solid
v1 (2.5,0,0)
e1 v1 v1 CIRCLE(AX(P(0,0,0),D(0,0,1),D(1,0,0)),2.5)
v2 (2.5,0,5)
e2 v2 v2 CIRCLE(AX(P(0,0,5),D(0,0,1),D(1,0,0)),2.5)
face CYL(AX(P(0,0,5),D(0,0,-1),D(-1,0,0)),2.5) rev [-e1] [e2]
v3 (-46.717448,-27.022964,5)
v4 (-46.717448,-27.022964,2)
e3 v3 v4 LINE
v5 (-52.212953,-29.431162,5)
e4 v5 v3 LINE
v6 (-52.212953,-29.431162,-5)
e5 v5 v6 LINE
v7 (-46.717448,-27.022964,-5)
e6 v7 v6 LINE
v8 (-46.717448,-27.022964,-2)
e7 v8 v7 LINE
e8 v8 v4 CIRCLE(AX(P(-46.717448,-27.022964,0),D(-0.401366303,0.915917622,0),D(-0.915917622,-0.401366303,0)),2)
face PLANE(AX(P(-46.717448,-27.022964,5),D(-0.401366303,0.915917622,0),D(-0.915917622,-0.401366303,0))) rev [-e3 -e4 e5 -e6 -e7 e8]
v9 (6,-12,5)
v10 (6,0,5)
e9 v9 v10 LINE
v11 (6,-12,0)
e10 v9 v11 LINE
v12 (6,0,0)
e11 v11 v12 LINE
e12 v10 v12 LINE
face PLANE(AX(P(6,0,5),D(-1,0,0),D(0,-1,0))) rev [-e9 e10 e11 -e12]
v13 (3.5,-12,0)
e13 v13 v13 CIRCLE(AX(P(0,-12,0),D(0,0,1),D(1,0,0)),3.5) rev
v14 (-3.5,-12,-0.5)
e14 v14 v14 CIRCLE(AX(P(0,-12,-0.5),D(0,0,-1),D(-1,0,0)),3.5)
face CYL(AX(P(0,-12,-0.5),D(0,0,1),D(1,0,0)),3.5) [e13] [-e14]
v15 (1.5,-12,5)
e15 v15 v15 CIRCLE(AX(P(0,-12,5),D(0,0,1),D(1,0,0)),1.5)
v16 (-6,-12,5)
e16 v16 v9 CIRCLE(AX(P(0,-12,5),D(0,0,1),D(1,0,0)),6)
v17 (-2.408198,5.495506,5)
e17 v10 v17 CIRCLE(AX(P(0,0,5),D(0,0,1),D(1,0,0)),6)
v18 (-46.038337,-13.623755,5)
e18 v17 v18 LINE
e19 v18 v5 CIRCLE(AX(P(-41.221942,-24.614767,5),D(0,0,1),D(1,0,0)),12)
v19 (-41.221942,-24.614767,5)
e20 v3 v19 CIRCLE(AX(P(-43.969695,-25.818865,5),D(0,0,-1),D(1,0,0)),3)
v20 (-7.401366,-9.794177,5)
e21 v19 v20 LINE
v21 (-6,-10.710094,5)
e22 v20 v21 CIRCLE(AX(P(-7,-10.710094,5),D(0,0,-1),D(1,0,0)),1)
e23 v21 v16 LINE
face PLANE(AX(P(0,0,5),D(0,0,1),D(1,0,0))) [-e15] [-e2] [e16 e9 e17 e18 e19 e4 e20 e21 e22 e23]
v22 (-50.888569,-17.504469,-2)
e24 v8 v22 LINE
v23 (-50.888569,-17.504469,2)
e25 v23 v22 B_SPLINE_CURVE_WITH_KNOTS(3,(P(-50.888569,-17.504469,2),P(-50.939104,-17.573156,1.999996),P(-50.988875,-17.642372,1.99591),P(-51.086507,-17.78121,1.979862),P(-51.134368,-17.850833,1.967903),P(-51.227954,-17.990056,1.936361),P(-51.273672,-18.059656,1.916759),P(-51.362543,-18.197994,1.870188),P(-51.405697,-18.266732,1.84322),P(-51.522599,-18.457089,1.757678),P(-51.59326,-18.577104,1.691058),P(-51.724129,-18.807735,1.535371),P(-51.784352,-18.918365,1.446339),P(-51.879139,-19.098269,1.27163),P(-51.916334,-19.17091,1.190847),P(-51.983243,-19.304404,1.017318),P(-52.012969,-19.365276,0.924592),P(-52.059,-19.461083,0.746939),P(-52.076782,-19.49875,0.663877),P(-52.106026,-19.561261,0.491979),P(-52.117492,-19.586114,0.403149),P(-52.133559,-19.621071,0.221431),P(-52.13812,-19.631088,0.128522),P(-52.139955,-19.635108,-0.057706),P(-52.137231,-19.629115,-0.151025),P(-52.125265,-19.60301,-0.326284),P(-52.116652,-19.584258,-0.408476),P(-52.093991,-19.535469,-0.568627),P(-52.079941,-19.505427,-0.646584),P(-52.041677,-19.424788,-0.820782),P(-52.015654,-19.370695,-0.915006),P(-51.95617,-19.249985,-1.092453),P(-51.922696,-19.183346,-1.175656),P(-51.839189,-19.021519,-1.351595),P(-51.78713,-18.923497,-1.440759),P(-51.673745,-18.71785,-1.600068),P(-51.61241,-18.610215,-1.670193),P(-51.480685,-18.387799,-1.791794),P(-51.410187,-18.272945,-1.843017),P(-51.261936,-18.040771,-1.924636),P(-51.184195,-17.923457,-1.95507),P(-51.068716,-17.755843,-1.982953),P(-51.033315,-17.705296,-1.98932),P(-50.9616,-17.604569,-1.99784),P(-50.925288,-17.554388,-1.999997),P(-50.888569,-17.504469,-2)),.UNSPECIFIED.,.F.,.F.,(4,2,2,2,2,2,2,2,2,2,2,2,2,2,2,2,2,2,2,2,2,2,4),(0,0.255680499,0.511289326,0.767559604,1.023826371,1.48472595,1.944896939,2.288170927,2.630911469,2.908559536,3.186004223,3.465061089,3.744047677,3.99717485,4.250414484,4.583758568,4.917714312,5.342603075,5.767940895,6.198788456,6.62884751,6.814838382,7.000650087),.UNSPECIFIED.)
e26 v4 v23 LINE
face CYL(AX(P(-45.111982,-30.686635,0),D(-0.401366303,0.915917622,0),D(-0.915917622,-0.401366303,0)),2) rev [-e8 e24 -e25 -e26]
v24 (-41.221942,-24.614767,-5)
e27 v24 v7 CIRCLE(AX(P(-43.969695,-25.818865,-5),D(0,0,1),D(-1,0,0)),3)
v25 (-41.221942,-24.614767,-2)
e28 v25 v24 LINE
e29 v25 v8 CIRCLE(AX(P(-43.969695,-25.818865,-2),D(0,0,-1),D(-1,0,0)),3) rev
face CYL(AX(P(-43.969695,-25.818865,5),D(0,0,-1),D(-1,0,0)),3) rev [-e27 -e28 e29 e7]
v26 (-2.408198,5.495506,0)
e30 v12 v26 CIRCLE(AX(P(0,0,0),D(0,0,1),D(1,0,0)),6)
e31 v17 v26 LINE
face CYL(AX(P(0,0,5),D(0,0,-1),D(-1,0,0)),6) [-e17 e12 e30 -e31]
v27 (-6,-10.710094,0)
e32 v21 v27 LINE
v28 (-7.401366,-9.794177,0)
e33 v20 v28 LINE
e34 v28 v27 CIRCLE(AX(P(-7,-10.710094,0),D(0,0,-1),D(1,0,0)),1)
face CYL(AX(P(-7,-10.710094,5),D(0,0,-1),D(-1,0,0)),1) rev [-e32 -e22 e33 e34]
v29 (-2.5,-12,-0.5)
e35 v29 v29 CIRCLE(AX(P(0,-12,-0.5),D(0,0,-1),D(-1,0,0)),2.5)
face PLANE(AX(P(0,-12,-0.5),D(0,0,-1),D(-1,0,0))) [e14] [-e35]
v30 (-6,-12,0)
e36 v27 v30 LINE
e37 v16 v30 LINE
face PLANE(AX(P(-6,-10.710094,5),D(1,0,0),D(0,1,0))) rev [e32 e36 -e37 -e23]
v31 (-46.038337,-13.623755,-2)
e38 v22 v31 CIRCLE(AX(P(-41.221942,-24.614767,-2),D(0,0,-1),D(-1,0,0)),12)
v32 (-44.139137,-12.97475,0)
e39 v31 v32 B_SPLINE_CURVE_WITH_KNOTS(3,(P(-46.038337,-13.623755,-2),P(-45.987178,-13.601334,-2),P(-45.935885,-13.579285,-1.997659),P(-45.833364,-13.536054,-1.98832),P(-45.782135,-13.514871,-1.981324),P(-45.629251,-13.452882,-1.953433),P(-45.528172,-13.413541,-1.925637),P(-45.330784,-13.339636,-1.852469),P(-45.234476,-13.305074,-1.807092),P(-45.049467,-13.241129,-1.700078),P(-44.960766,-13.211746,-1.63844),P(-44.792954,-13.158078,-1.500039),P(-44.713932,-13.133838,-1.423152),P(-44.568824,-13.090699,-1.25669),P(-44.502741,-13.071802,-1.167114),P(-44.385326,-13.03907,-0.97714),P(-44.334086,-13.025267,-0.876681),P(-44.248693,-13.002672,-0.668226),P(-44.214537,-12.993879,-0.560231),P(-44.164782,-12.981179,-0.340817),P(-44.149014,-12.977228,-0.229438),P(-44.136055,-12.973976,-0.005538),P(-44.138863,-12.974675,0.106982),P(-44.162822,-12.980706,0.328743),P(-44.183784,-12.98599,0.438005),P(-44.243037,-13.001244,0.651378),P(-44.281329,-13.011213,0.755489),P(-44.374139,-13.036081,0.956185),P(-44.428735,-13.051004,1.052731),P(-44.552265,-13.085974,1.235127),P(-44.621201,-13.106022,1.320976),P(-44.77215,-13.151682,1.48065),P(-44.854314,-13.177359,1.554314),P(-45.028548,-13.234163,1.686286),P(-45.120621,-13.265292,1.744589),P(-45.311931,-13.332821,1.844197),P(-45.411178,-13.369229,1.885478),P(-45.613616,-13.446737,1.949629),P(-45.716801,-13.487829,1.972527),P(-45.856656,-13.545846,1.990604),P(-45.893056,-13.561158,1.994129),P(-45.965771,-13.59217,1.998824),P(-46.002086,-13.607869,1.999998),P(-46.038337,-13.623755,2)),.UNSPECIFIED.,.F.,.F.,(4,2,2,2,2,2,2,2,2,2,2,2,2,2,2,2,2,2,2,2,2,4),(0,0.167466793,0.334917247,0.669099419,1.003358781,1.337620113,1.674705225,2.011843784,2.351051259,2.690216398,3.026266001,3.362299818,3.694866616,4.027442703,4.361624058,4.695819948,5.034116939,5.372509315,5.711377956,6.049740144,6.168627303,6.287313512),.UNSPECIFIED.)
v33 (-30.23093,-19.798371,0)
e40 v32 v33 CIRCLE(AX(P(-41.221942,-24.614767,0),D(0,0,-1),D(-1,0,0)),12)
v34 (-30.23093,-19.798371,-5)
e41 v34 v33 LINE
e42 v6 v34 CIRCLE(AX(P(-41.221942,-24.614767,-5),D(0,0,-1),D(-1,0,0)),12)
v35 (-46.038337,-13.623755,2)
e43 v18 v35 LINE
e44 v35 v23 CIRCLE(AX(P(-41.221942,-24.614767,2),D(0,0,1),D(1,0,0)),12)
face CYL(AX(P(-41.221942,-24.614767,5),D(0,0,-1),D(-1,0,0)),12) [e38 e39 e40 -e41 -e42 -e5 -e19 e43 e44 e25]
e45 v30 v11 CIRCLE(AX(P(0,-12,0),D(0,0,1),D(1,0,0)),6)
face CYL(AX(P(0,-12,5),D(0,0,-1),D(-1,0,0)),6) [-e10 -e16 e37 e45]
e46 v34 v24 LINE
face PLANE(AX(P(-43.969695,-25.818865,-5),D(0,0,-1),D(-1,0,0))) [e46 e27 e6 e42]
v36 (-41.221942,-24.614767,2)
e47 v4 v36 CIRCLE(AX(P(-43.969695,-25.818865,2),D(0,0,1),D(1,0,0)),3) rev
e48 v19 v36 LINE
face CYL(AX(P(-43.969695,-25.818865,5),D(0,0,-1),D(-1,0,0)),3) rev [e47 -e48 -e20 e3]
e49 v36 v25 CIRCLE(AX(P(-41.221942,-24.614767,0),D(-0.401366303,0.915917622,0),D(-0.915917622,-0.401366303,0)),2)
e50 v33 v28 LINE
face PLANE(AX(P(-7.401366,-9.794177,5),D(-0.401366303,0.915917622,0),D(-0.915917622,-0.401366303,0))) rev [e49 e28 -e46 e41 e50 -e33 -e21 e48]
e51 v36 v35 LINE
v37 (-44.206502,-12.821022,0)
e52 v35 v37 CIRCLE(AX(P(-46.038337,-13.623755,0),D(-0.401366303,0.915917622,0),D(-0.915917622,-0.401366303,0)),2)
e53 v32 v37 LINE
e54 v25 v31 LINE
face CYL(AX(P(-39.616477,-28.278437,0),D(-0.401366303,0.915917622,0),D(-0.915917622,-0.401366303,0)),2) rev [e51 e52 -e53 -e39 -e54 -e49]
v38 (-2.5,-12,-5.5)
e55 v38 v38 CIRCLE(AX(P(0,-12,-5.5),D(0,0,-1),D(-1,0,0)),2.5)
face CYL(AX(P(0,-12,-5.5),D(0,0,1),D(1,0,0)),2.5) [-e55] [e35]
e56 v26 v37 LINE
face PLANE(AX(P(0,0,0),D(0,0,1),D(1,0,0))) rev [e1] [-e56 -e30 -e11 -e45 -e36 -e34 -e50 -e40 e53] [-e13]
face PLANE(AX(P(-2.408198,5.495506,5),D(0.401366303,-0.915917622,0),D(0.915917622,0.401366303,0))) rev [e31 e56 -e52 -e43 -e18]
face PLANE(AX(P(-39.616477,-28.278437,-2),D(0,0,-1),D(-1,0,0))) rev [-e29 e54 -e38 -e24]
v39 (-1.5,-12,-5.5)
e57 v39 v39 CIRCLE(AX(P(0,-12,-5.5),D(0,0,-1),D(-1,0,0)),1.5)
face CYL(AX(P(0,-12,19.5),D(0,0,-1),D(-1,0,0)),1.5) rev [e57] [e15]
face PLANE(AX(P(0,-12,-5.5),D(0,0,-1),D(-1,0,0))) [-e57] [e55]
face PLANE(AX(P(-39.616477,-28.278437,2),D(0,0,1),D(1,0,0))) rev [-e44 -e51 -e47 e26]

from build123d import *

# Parameters (mm, degrees)
ESBO_O7_R                = 2.5
RESSALTO_EXTRUS_O1_DEPTH = 5
ESBO_O8_R                = 2.5
RESSALTO_EXTRUS_O2_DEPTH = 5.5
ESBO_O9_R                = 1.5
CORTE_EXTRUS_O4_DEPTH    = 25
RESSALTO_EXTRUS_O3_START = 5
RESSALTO_EXTRUS_O3_DEPTH = 5
CORTE_EXTRUS_O5_DEPTH    = 16
SKETCH1_R                = 3.5
SKETCH1_R_2              = 2.5
BOSS_EXTRUDE1_DEPTH      = 0.5


with BuildPart() as part:
    # Esboço7 → Ressalto-extrusão1 (new body)
    with BuildSketch(Plane.XY):
        with BuildLine():
            Line((6, 0), (6, -12))
            ThreePointArc((6, -12), (0, -18), (-6, -12))
            Line((-6, -12), (-6, -10.710094321))
            ThreePointArc((-6, -10.710094321), (-6.452901427, -9.873026133), (-7.401366303, -9.794176699))
            Line((-7.401366303, -9.794176699), (-41.221941829, -24.614766505))
            ThreePointArc((-41.221941829, -24.614766505), (-45.173793605, -23.071112549), (-46.717447562, -27.022964325))
            Line((-46.717447562, -27.022964325), (-52.212953295, -29.431162145))
            ThreePointArc((-52.212953295, -29.431162145), (-52.399466586, -20.248653784), (-46.038337469, -13.62375504))
            Line((-46.038337469, -13.62375504), (-2.40819782, 5.495505733))
            ThreePointArc((-2.40819782, 5.495505733), (3.282591437, 5.022409129), (6, 0))
        make_face()
        Circle(ESBO_O7_R, mode=Mode.SUBTRACT)
    extrude(amount=RESSALTO_EXTRUS_O1_DEPTH)

    # Esboço8 → Ressalto-extrusão2 (add)
    with BuildSketch(Plane(origin=(0, 0, 0), x_dir=(-1, 0, 0), z_dir=(0, 0, -1))):
        with Locations(Location((0, -12, 0), (0, 0, 180))):
            Circle(ESBO_O8_R)
    extrude(amount=RESSALTO_EXTRUS_O2_DEPTH)

    # Esboço9 → Corte-extrusão4 (cut)
    with BuildSketch(Plane(origin=(0, 0, -5.5), x_dir=(-1, 0, 0), z_dir=(0, 0, -1))):
        with Locations((0, -12)):
            Circle(ESBO_O9_R)
    extrude(amount=-CORTE_EXTRUS_O4_DEPTH, mode=Mode.SUBTRACT)

    # Esboço10 → Ressalto-extrusão3 (add)
    with BuildSketch(Plane(origin=(0, 0, 0), x_dir=(-1, 0, 0), z_dir=(0, 0, -1)).offset(RESSALTO_EXTRUS_O3_START)):
        with BuildLine():
            Line((46.717447562, -27.022964325), (52.212953295, -29.431162145))
            ThreePointArc((52.212953295, -29.431162145), (46.038337469, -13.62375504), (30.230930363, -19.798370866))
            Line((30.230930363, -19.798370866), (41.221941829, -24.614766505))
            ThreePointArc((41.221941829, -24.614766505), (45.173793605, -23.071112549), (46.717447562, -27.022964325))
        make_face()
    extrude(amount=-RESSALTO_EXTRUS_O3_DEPTH)

    # Esboço11 → Corte-extrusão5 (cut)
    with BuildSketch(Plane(origin=(-2.40819782, 5.495505733, 0), x_dir=(-0.9159176221486778, -0.40136630331595097, 0), z_dir=(-0.40136630331595097, 0.9159176221486778, 0))):
        with BuildLine():
            Line((47.63544078, 2), (53.63544078, 2))
            ThreePointArc((53.63544078, 2), (55.63544078, 0), (53.63544078, -2))
            Line((53.63544078, -2), (47.63544078, -2))
            ThreePointArc((47.63544078, -2), (45.63544078, 0), (47.63544078, 2))
        make_face()
    extrude(amount=-CORTE_EXTRUS_O5_DEPTH, mode=Mode.SUBTRACT)

    # Sketch1 → Boss-Extrude1 (add)
    with BuildSketch(Plane(origin=(0, 0, 0), x_dir=(-1, 0, 0), z_dir=(0, 0, -1))):
        with Locations(Location((0, -12, 0), (0, 0, 180))):
            Circle(SKETCH1_R)
        with Locations((0, -12)):
            Circle(SKETCH1_R_2, mode=Mode.SUBTRACT)
    extrude(amount=BOSS_EXTRUDE1_DEPTH)


solid = part.part
